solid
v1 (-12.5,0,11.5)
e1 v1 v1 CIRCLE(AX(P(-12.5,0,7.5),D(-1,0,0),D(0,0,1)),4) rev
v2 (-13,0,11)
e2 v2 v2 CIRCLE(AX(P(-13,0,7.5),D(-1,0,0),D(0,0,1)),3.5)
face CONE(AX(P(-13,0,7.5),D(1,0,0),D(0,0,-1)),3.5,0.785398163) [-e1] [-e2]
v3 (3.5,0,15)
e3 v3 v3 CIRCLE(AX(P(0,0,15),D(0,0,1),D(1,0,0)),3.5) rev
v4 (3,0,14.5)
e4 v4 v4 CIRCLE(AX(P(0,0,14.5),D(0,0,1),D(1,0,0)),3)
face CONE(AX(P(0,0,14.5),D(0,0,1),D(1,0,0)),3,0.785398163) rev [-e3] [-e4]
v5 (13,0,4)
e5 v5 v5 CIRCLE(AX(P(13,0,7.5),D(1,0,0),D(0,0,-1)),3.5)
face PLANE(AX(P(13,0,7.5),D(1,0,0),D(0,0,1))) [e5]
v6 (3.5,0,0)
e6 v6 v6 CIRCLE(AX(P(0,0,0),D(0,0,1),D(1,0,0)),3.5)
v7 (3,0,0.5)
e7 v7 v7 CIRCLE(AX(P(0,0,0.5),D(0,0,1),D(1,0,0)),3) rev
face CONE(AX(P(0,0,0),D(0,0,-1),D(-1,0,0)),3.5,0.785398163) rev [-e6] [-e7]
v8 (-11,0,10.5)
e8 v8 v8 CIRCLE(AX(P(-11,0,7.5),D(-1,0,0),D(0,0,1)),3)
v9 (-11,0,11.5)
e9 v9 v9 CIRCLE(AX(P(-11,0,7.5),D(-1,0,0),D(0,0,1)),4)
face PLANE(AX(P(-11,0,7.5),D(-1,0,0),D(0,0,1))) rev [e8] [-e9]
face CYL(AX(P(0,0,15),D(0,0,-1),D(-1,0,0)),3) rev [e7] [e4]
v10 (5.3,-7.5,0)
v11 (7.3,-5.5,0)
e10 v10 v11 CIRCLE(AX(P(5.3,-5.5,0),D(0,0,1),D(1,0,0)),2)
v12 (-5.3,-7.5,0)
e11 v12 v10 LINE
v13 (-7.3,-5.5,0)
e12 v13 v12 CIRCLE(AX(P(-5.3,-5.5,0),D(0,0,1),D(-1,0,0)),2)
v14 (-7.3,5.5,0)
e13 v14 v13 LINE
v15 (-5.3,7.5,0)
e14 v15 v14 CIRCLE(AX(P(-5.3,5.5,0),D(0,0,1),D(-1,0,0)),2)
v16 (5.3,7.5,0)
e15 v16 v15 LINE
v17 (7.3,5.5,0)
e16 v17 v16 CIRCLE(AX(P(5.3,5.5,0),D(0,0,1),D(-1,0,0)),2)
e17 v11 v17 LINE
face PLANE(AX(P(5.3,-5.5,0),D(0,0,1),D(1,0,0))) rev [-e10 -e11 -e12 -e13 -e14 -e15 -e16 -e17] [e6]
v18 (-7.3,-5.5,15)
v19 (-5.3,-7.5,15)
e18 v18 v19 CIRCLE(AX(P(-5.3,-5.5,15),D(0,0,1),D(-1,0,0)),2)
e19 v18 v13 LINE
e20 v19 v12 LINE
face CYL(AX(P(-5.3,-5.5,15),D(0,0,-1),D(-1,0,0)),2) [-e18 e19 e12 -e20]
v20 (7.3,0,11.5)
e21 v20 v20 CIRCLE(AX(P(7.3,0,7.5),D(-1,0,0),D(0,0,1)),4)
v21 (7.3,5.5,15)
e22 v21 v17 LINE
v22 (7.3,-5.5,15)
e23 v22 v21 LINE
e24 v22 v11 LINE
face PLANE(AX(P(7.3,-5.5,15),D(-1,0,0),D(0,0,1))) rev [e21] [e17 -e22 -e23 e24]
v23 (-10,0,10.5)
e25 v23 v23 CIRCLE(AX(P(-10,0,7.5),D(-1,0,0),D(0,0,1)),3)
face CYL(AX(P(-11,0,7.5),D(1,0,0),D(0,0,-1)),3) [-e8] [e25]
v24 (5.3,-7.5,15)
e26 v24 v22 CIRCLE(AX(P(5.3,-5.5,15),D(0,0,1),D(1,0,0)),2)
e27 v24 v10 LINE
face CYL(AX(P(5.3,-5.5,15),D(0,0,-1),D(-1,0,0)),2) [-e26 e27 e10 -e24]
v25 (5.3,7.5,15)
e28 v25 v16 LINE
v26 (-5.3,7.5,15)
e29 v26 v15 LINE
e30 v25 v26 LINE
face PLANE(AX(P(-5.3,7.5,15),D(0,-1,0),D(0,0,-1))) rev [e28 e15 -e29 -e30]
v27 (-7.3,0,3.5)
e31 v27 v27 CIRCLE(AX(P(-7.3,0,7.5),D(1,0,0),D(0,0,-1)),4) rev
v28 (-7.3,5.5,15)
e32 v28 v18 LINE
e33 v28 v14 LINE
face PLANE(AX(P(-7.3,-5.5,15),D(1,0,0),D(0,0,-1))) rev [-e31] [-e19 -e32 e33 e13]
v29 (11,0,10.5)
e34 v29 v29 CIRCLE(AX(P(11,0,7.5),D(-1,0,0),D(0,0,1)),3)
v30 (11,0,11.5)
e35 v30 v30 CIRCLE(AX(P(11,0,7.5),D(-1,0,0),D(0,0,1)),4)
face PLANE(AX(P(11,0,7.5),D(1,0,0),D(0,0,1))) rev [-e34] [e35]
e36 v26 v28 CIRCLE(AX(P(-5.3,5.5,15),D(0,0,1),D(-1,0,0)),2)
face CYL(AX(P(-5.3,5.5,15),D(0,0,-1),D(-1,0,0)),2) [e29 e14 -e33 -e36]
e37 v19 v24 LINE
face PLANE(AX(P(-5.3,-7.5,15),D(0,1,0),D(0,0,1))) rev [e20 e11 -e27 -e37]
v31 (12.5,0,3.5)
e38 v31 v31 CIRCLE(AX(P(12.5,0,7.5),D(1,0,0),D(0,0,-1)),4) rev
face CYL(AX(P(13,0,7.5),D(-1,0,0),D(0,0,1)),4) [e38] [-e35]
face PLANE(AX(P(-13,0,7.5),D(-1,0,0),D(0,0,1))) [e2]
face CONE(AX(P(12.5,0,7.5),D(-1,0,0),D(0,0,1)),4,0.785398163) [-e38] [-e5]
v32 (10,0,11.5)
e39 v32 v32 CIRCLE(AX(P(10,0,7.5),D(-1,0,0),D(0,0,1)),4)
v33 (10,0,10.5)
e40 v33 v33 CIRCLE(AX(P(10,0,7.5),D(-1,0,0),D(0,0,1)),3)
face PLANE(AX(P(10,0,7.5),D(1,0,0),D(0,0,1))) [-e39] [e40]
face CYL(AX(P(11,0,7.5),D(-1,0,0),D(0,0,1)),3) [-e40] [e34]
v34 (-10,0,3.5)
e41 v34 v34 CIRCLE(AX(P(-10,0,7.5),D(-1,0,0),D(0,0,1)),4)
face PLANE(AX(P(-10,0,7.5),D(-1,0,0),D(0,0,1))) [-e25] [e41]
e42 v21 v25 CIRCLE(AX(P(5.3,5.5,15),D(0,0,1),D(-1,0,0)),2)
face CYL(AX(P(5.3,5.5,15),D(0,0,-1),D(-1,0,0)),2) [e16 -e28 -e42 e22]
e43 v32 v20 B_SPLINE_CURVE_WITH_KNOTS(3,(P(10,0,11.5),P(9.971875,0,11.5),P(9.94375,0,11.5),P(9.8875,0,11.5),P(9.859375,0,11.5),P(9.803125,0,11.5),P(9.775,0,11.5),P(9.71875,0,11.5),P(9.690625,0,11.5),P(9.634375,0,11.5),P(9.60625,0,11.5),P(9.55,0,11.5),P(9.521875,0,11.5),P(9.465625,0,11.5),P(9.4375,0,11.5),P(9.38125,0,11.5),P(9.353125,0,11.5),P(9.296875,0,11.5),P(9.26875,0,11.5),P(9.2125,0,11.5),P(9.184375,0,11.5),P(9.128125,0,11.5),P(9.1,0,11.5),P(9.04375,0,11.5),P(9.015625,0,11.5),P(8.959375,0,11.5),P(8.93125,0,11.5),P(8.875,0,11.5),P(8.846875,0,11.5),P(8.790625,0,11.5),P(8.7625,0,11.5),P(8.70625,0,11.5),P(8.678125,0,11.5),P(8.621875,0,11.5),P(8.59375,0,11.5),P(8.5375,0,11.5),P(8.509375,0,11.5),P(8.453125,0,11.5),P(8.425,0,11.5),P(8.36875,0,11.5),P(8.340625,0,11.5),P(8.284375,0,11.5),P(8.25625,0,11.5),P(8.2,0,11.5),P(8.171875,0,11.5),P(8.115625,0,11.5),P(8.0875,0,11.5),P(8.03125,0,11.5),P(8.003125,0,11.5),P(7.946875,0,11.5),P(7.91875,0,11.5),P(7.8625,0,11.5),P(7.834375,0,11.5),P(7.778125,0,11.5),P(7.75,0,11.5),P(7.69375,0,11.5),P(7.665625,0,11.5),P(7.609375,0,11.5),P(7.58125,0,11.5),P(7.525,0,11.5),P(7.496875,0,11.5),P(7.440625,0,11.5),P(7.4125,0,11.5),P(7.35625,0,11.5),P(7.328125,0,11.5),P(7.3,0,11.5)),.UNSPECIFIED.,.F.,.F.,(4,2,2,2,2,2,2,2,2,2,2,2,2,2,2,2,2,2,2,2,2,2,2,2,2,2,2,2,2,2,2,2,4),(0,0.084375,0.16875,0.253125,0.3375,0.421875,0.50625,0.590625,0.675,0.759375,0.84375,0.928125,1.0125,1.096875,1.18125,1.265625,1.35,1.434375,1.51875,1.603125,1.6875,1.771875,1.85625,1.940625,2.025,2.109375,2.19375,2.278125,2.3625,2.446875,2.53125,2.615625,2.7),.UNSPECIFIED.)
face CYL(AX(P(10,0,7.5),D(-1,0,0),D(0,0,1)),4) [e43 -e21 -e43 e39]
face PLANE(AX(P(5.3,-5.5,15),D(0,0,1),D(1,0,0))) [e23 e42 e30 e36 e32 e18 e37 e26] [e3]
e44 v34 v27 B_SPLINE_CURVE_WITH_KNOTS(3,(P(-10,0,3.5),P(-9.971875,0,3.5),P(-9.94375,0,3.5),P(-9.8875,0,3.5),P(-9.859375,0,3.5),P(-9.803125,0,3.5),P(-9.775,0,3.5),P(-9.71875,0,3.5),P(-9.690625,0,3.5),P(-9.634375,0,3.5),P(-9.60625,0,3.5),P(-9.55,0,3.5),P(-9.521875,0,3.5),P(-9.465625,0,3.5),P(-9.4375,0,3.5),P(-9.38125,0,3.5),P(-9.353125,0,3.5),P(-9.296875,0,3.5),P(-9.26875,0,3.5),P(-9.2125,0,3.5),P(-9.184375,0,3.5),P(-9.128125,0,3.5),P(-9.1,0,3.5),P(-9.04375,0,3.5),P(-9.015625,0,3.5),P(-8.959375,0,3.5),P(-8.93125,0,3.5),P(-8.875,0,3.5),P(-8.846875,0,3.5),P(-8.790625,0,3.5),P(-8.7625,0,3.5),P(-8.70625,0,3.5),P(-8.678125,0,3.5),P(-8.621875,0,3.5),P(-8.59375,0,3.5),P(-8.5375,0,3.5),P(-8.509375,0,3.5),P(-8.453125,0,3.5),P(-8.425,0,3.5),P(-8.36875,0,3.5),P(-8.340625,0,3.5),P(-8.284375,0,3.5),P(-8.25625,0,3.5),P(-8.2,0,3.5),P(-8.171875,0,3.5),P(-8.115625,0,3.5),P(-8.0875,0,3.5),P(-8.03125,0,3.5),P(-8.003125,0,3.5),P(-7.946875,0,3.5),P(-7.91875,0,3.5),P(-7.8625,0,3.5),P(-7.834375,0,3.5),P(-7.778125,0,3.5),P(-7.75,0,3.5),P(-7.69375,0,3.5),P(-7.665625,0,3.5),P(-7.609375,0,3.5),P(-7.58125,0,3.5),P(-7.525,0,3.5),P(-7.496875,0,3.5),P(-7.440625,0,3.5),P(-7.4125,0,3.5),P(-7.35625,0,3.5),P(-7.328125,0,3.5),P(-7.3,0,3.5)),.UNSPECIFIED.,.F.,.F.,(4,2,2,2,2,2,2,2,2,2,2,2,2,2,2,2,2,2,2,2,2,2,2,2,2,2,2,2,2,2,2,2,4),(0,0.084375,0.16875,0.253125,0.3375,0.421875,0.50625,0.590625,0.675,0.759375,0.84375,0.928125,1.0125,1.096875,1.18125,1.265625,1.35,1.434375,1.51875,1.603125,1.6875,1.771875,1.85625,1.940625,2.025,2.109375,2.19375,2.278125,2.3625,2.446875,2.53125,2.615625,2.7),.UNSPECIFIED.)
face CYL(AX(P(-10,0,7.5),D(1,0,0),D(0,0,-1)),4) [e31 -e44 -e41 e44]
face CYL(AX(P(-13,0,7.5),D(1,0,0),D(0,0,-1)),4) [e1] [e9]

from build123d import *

# Parameters (mm, degrees)
SKETCH1_R                = 3
BOSS_EXTRUDE1_DEPTH      = 15
SKETCH2_R                = 4
BOSS_EXTRUDE2_DEPTH      = 2.7
SKETCH3_R                = 3
BOSS_EXTRUDE3_DEPTH      = 1
SKETCH4_R                = 4
BOSS_EXTRUDE4_DEPTH      = 2
CHAMFER1_SIZE            = 0.5
CHAMFER1_OF_MIRROR1_SIZE = 0.5
CHAMFER2_SIZE            = 0.5


with BuildPart() as part:
    # Sketch1 → Boss-Extrude1 (new body)
    with BuildSketch(Plane.XY):
        with BuildLine():
            Line((-5.3, -7.5), (5.3, -7.5))
            ThreePointArc((5.3, -7.5), (6.714213562, -6.914213562), (7.3, -5.5))
            Line((7.3, -5.5), (7.3, 5.5))
            ThreePointArc((7.3, 5.5), (6.714213562, 6.914213562), (5.3, 7.5))
            Line((5.3, 7.5), (-5.3, 7.5))
            ThreePointArc((-5.3, 7.5), (-6.714213562, 6.914213562), (-7.3, 5.5))
            Line((-7.3, 5.5), (-7.3, -5.5))
            ThreePointArc((-7.3, -5.5), (-6.714213562, -6.914213562), (-5.3, -7.5))
        make_face()
        Circle(SKETCH1_R, mode=Mode.SUBTRACT)
    extrude(amount=BOSS_EXTRUDE1_DEPTH)

    # Sketch2 → Boss-Extrude2 (add)
    with BuildSketch(Plane.ZY.offset(7.3)):
        with Locations(Location((7.5, 0, 0), (0, 0, 180))):
            Circle(SKETCH2_R)
    boss_extrude2 = extrude(amount=BOSS_EXTRUDE2_DEPTH)

    # Sketch3 → Boss-Extrude3 (add)
    with BuildSketch(Plane.ZY.offset(10)):
        with Locations((7.5, 0)):
            Circle(SKETCH3_R)
    boss_extrude3 = extrude(amount=BOSS_EXTRUDE3_DEPTH)

    # Sketch4 → Boss-Extrude4 (add)
    with BuildSketch(Plane.ZY.offset(11)):
        with Locations(Location((7.5, 0, 0), (0, 0, 180))):
            Circle(SKETCH4_R)
    boss_extrude4 = extrude(amount=BOSS_EXTRUDE4_DEPTH)

    # Chamfer1
    chamfer1_edges = [part.edges().sort_by_distance(p)[0] for p in [
        (-13, 0, 11.5),
    ]]
    chamfer(chamfer1_edges, length=CHAMFER1_SIZE)

    # Mirror1: Boss-Extrude2, Boss-Extrude3, Boss-Extrude4 across plane
    add(boss_extrude2.mirror(Plane(origin=(0, 0, 0), x_dir=(0, 0, 1), z_dir=(1, 0, 0))))
    add(boss_extrude3.mirror(Plane(origin=(0, 0, 0), x_dir=(0, 0, 1), z_dir=(1, 0, 0))))
    add(boss_extrude4.mirror(Plane(origin=(0, 0, 0), x_dir=(0, 0, 1), z_dir=(1, 0, 0))))

    # Chamfer1 of Mirror1
    chamfer1_of_mirror1_edges = [part.edges().sort_by_distance(p)[0] for p in [
        (13, 0, 11.5),
    ]]
    chamfer(chamfer1_of_mirror1_edges, length=CHAMFER1_OF_MIRROR1_SIZE)

    # Chamfer2
    chamfer2_edges = [part.edges().sort_by_distance(p)[0] for p in [
        (-3, 0, 0),
        (-3, 0, 15),
    ]]
    chamfer(chamfer2_edges, length=CHAMFER2_SIZE)


solid = part.part
